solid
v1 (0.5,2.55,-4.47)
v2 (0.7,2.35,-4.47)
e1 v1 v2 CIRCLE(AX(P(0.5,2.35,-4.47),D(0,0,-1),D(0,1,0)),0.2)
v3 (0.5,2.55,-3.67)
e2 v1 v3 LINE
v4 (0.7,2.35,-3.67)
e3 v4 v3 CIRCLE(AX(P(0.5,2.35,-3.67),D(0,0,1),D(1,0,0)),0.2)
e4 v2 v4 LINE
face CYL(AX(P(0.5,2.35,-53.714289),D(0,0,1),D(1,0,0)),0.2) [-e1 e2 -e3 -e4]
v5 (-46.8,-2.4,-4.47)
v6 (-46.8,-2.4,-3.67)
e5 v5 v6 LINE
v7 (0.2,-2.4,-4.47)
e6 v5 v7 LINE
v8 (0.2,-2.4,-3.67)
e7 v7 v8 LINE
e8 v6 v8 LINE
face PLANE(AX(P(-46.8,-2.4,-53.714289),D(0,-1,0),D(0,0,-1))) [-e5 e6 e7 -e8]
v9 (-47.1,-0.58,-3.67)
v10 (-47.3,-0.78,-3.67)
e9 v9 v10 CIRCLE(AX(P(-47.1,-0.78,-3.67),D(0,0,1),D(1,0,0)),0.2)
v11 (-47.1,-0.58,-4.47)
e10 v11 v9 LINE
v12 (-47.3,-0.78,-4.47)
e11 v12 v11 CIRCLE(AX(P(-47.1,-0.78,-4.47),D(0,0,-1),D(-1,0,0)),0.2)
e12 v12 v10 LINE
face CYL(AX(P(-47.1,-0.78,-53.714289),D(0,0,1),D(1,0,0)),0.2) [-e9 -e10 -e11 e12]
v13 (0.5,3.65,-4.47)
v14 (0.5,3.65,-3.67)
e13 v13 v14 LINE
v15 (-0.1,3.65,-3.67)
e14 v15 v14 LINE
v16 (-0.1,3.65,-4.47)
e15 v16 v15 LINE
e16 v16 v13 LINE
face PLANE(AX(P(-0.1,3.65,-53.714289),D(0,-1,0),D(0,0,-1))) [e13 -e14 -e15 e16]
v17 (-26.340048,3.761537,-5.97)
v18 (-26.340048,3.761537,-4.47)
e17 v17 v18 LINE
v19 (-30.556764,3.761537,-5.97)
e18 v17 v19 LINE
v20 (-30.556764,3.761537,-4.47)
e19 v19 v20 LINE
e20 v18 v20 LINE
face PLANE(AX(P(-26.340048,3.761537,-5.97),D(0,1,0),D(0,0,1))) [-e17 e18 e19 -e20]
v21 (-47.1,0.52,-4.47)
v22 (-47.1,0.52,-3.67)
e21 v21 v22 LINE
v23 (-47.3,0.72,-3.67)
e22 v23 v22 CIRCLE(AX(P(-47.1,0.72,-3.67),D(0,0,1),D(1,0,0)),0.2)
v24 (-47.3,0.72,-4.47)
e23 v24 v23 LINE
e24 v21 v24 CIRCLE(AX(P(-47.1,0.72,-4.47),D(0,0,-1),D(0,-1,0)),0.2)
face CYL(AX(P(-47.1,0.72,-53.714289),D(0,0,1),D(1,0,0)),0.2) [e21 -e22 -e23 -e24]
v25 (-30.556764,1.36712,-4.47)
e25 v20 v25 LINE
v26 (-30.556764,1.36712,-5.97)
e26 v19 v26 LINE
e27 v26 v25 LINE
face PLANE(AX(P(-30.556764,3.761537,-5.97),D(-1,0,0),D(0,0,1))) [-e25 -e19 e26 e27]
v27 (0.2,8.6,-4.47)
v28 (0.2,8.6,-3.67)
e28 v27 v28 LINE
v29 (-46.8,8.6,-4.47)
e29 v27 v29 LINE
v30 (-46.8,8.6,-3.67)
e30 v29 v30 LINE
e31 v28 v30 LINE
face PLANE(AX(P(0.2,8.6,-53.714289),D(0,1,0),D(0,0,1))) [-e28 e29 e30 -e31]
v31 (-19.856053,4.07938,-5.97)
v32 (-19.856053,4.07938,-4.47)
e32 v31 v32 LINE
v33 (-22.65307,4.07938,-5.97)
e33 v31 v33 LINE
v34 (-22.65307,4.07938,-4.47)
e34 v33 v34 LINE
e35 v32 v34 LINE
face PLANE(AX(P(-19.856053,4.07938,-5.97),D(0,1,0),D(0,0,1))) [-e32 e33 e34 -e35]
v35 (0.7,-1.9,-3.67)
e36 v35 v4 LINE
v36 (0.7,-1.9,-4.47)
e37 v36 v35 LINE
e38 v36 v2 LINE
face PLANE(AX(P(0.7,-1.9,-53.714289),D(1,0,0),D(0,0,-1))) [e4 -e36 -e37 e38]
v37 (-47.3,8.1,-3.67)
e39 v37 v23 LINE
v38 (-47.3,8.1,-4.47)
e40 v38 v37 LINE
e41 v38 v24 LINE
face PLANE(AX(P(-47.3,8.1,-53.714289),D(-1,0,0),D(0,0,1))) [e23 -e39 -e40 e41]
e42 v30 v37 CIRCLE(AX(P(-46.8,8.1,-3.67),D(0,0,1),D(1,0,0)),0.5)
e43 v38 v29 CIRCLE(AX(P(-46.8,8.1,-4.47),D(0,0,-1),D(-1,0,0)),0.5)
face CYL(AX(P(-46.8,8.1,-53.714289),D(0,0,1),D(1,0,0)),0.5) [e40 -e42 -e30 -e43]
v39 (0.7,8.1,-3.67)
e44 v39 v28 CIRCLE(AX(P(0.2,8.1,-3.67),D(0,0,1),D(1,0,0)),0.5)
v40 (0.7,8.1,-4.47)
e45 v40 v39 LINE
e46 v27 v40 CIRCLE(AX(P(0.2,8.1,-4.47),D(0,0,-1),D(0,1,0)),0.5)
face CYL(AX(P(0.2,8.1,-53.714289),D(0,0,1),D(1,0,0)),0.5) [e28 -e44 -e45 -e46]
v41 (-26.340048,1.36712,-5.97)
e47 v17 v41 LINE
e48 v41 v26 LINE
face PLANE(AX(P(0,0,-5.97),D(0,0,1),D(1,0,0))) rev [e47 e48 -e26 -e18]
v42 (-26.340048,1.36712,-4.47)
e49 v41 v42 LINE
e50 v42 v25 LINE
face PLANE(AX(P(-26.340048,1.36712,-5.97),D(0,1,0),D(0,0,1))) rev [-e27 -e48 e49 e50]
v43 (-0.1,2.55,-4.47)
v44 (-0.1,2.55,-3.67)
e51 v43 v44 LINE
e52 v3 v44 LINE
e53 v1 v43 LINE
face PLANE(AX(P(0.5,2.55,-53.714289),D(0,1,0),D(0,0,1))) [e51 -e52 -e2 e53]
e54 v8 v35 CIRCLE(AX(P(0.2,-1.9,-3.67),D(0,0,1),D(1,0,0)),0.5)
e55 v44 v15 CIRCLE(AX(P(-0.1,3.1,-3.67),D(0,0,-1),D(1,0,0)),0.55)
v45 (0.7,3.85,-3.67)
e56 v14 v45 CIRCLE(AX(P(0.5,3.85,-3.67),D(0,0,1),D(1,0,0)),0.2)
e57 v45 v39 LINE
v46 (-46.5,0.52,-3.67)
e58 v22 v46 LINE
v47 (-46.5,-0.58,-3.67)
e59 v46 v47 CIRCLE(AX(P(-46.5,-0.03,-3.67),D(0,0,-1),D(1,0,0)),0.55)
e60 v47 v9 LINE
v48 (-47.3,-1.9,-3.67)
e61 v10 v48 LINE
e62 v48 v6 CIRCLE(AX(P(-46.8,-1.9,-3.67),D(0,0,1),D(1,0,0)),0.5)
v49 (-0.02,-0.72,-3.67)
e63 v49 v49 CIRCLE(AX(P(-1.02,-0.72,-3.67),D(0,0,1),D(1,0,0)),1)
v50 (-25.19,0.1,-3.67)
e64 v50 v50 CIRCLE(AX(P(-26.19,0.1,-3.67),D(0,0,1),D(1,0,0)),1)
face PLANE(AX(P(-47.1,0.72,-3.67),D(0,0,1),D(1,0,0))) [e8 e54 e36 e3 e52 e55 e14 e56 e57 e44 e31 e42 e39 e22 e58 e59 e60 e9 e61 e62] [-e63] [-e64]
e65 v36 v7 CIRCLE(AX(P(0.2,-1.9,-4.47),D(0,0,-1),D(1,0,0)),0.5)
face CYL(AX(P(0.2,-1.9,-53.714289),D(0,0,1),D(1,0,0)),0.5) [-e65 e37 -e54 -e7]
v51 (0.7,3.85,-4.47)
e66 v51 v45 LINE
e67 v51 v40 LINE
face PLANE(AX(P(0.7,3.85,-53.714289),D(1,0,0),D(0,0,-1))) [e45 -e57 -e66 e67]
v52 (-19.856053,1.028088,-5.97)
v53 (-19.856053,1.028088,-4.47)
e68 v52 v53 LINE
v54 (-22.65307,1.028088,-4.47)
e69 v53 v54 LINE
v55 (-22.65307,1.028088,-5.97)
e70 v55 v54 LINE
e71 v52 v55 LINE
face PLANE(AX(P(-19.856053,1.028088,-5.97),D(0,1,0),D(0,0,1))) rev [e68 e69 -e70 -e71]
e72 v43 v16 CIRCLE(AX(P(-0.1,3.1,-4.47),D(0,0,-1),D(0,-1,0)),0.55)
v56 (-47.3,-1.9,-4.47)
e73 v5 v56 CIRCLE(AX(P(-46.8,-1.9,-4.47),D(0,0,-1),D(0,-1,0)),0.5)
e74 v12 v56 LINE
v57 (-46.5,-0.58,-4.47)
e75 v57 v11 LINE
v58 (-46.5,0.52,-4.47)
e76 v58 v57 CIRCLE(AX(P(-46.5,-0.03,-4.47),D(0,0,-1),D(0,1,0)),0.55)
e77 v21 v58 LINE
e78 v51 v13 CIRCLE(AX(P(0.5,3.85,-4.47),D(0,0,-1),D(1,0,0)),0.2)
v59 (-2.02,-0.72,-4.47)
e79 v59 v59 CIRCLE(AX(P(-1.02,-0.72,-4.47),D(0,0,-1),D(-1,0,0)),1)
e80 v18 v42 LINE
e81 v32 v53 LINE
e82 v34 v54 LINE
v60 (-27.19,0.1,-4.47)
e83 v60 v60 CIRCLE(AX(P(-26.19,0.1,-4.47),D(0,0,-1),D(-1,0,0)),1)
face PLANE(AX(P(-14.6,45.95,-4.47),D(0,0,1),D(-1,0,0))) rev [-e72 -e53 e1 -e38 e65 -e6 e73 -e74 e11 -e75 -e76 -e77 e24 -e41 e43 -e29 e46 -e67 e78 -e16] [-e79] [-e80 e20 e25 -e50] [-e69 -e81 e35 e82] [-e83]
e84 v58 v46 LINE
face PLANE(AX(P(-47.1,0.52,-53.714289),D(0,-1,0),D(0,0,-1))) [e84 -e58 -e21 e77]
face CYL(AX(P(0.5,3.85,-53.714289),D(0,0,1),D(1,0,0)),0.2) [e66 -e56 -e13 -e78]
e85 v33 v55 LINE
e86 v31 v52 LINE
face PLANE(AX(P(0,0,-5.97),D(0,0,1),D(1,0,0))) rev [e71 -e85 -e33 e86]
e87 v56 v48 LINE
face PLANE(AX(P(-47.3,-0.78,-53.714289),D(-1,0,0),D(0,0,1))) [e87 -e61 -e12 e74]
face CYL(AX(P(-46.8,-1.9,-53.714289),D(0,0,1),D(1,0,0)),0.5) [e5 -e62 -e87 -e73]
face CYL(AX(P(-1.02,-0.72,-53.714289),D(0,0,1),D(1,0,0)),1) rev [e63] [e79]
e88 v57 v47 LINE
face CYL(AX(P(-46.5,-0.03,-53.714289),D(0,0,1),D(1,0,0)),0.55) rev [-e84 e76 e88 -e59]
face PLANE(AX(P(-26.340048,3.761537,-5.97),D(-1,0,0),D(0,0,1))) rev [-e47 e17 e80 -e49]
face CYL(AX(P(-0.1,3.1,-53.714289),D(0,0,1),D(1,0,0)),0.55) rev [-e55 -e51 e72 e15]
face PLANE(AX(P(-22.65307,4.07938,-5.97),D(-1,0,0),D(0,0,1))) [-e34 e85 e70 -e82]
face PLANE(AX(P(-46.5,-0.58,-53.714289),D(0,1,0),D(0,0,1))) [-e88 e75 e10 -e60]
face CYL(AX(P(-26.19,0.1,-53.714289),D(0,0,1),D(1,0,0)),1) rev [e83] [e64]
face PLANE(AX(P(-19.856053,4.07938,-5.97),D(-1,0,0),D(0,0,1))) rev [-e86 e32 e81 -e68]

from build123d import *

# Parameters (mm, degrees)
BOSS_EXTRUDE1_DEPTH = 0.8
SKETCH2_W           = 2.797017598
SKETCH2_H           = 3.051291925
SKETCH2_W_2         = 4.216715925
SKETCH2_H_2         = 2.39441658
BOSS_EXTRUDE2_DEPTH = 1.5


with BuildPart() as part:
    # Sketch1 → Boss-Extrude1 (new body)
    with BuildSketch(Plane.XY.offset(-3.67)):
        with BuildLine():
            Line((-47.1, 0.52), (-46.5, 0.52))
            ThreePointArc((-46.5, 0.52), (-45.95, -0.03), (-46.5, -0.58))
            Line((-46.5, -0.58), (-47.1, -0.58))
            ThreePointArc((-47.1, -0.58), (-47.241421356, -0.638578644), (-47.3, -0.78))
            Line((-47.3, -0.78), (-47.3, -1.9))
            ThreePointArc((-47.3, -1.9), (-47.153553391, -2.253553391), (-46.8, -2.4))
            Line((-46.8, -2.4), (0.2, -2.4))
            ThreePointArc((0.2, -2.4), (0.553553391, -2.253553391), (0.7, -1.9))
            Line((0.7, -1.9), (0.7, 2.35))
            ThreePointArc((0.7, 2.35), (0.641421356, 2.491421356), (0.5, 2.55))
            Line((0.5, 2.55), (-0.1, 2.55))
            ThreePointArc((-0.1, 2.55), (-0.65, 3.1), (-0.1, 3.65))
            Line((-0.1, 3.65), (0.5, 3.65))
            ThreePointArc((0.5, 3.65), (0.641421356, 3.708578644), (0.7, 3.85))
            Line((0.7, 3.85), (0.7, 8.1))
            ThreePointArc((0.7, 8.1), (0.553553391, 8.453553391), (0.2, 8.6))
            Line((0.2, 8.6), (-46.8, 8.6))
            ThreePointArc((-46.8, 8.6), (-47.153553391, 8.453553391), (-47.3, 8.1))
            Line((-47.3, 8.1), (-47.3, 0.72))
            ThreePointArc((-47.3, 0.72), (-47.241421356, 0.578578644), (-47.1, 0.52))
        make_face()
        with BuildLine():
            ThreePointArc((-2.02, -0.72), (-1.02, -1.72), (-0.02, -0.72))
            ThreePointArc((-0.02, -0.72), (-1.02, 0.28), (-2.02, -0.72))
        make_face(mode=Mode.SUBTRACT)
        with BuildLine():
            ThreePointArc((-27.19, 0.1), (-26.19, -0.9), (-25.19, 0.1))
            ThreePointArc((-25.19, 0.1), (-26.19, 1.1), (-27.19, 0.1))
        make_face(mode=Mode.SUBTRACT)
    extrude(amount=-BOSS_EXTRUDE1_DEPTH)

    # Sketch2 → Boss-Extrude2 (add)
    with BuildSketch(Plane(origin=(0, 0, -4.47), x_dir=(-1, 0, 0), z_dir=(0, 0, -1))):
        with Locations((21.254561383, 2.553733594)):
            Rectangle(SKETCH2_W, SKETCH2_H)
        with Locations((28.448405888, 2.564328357)):
            Rectangle(SKETCH2_W_2, SKETCH2_H_2)
    extrude(amount=BOSS_EXTRUDE2_DEPTH)


solid = part.part
